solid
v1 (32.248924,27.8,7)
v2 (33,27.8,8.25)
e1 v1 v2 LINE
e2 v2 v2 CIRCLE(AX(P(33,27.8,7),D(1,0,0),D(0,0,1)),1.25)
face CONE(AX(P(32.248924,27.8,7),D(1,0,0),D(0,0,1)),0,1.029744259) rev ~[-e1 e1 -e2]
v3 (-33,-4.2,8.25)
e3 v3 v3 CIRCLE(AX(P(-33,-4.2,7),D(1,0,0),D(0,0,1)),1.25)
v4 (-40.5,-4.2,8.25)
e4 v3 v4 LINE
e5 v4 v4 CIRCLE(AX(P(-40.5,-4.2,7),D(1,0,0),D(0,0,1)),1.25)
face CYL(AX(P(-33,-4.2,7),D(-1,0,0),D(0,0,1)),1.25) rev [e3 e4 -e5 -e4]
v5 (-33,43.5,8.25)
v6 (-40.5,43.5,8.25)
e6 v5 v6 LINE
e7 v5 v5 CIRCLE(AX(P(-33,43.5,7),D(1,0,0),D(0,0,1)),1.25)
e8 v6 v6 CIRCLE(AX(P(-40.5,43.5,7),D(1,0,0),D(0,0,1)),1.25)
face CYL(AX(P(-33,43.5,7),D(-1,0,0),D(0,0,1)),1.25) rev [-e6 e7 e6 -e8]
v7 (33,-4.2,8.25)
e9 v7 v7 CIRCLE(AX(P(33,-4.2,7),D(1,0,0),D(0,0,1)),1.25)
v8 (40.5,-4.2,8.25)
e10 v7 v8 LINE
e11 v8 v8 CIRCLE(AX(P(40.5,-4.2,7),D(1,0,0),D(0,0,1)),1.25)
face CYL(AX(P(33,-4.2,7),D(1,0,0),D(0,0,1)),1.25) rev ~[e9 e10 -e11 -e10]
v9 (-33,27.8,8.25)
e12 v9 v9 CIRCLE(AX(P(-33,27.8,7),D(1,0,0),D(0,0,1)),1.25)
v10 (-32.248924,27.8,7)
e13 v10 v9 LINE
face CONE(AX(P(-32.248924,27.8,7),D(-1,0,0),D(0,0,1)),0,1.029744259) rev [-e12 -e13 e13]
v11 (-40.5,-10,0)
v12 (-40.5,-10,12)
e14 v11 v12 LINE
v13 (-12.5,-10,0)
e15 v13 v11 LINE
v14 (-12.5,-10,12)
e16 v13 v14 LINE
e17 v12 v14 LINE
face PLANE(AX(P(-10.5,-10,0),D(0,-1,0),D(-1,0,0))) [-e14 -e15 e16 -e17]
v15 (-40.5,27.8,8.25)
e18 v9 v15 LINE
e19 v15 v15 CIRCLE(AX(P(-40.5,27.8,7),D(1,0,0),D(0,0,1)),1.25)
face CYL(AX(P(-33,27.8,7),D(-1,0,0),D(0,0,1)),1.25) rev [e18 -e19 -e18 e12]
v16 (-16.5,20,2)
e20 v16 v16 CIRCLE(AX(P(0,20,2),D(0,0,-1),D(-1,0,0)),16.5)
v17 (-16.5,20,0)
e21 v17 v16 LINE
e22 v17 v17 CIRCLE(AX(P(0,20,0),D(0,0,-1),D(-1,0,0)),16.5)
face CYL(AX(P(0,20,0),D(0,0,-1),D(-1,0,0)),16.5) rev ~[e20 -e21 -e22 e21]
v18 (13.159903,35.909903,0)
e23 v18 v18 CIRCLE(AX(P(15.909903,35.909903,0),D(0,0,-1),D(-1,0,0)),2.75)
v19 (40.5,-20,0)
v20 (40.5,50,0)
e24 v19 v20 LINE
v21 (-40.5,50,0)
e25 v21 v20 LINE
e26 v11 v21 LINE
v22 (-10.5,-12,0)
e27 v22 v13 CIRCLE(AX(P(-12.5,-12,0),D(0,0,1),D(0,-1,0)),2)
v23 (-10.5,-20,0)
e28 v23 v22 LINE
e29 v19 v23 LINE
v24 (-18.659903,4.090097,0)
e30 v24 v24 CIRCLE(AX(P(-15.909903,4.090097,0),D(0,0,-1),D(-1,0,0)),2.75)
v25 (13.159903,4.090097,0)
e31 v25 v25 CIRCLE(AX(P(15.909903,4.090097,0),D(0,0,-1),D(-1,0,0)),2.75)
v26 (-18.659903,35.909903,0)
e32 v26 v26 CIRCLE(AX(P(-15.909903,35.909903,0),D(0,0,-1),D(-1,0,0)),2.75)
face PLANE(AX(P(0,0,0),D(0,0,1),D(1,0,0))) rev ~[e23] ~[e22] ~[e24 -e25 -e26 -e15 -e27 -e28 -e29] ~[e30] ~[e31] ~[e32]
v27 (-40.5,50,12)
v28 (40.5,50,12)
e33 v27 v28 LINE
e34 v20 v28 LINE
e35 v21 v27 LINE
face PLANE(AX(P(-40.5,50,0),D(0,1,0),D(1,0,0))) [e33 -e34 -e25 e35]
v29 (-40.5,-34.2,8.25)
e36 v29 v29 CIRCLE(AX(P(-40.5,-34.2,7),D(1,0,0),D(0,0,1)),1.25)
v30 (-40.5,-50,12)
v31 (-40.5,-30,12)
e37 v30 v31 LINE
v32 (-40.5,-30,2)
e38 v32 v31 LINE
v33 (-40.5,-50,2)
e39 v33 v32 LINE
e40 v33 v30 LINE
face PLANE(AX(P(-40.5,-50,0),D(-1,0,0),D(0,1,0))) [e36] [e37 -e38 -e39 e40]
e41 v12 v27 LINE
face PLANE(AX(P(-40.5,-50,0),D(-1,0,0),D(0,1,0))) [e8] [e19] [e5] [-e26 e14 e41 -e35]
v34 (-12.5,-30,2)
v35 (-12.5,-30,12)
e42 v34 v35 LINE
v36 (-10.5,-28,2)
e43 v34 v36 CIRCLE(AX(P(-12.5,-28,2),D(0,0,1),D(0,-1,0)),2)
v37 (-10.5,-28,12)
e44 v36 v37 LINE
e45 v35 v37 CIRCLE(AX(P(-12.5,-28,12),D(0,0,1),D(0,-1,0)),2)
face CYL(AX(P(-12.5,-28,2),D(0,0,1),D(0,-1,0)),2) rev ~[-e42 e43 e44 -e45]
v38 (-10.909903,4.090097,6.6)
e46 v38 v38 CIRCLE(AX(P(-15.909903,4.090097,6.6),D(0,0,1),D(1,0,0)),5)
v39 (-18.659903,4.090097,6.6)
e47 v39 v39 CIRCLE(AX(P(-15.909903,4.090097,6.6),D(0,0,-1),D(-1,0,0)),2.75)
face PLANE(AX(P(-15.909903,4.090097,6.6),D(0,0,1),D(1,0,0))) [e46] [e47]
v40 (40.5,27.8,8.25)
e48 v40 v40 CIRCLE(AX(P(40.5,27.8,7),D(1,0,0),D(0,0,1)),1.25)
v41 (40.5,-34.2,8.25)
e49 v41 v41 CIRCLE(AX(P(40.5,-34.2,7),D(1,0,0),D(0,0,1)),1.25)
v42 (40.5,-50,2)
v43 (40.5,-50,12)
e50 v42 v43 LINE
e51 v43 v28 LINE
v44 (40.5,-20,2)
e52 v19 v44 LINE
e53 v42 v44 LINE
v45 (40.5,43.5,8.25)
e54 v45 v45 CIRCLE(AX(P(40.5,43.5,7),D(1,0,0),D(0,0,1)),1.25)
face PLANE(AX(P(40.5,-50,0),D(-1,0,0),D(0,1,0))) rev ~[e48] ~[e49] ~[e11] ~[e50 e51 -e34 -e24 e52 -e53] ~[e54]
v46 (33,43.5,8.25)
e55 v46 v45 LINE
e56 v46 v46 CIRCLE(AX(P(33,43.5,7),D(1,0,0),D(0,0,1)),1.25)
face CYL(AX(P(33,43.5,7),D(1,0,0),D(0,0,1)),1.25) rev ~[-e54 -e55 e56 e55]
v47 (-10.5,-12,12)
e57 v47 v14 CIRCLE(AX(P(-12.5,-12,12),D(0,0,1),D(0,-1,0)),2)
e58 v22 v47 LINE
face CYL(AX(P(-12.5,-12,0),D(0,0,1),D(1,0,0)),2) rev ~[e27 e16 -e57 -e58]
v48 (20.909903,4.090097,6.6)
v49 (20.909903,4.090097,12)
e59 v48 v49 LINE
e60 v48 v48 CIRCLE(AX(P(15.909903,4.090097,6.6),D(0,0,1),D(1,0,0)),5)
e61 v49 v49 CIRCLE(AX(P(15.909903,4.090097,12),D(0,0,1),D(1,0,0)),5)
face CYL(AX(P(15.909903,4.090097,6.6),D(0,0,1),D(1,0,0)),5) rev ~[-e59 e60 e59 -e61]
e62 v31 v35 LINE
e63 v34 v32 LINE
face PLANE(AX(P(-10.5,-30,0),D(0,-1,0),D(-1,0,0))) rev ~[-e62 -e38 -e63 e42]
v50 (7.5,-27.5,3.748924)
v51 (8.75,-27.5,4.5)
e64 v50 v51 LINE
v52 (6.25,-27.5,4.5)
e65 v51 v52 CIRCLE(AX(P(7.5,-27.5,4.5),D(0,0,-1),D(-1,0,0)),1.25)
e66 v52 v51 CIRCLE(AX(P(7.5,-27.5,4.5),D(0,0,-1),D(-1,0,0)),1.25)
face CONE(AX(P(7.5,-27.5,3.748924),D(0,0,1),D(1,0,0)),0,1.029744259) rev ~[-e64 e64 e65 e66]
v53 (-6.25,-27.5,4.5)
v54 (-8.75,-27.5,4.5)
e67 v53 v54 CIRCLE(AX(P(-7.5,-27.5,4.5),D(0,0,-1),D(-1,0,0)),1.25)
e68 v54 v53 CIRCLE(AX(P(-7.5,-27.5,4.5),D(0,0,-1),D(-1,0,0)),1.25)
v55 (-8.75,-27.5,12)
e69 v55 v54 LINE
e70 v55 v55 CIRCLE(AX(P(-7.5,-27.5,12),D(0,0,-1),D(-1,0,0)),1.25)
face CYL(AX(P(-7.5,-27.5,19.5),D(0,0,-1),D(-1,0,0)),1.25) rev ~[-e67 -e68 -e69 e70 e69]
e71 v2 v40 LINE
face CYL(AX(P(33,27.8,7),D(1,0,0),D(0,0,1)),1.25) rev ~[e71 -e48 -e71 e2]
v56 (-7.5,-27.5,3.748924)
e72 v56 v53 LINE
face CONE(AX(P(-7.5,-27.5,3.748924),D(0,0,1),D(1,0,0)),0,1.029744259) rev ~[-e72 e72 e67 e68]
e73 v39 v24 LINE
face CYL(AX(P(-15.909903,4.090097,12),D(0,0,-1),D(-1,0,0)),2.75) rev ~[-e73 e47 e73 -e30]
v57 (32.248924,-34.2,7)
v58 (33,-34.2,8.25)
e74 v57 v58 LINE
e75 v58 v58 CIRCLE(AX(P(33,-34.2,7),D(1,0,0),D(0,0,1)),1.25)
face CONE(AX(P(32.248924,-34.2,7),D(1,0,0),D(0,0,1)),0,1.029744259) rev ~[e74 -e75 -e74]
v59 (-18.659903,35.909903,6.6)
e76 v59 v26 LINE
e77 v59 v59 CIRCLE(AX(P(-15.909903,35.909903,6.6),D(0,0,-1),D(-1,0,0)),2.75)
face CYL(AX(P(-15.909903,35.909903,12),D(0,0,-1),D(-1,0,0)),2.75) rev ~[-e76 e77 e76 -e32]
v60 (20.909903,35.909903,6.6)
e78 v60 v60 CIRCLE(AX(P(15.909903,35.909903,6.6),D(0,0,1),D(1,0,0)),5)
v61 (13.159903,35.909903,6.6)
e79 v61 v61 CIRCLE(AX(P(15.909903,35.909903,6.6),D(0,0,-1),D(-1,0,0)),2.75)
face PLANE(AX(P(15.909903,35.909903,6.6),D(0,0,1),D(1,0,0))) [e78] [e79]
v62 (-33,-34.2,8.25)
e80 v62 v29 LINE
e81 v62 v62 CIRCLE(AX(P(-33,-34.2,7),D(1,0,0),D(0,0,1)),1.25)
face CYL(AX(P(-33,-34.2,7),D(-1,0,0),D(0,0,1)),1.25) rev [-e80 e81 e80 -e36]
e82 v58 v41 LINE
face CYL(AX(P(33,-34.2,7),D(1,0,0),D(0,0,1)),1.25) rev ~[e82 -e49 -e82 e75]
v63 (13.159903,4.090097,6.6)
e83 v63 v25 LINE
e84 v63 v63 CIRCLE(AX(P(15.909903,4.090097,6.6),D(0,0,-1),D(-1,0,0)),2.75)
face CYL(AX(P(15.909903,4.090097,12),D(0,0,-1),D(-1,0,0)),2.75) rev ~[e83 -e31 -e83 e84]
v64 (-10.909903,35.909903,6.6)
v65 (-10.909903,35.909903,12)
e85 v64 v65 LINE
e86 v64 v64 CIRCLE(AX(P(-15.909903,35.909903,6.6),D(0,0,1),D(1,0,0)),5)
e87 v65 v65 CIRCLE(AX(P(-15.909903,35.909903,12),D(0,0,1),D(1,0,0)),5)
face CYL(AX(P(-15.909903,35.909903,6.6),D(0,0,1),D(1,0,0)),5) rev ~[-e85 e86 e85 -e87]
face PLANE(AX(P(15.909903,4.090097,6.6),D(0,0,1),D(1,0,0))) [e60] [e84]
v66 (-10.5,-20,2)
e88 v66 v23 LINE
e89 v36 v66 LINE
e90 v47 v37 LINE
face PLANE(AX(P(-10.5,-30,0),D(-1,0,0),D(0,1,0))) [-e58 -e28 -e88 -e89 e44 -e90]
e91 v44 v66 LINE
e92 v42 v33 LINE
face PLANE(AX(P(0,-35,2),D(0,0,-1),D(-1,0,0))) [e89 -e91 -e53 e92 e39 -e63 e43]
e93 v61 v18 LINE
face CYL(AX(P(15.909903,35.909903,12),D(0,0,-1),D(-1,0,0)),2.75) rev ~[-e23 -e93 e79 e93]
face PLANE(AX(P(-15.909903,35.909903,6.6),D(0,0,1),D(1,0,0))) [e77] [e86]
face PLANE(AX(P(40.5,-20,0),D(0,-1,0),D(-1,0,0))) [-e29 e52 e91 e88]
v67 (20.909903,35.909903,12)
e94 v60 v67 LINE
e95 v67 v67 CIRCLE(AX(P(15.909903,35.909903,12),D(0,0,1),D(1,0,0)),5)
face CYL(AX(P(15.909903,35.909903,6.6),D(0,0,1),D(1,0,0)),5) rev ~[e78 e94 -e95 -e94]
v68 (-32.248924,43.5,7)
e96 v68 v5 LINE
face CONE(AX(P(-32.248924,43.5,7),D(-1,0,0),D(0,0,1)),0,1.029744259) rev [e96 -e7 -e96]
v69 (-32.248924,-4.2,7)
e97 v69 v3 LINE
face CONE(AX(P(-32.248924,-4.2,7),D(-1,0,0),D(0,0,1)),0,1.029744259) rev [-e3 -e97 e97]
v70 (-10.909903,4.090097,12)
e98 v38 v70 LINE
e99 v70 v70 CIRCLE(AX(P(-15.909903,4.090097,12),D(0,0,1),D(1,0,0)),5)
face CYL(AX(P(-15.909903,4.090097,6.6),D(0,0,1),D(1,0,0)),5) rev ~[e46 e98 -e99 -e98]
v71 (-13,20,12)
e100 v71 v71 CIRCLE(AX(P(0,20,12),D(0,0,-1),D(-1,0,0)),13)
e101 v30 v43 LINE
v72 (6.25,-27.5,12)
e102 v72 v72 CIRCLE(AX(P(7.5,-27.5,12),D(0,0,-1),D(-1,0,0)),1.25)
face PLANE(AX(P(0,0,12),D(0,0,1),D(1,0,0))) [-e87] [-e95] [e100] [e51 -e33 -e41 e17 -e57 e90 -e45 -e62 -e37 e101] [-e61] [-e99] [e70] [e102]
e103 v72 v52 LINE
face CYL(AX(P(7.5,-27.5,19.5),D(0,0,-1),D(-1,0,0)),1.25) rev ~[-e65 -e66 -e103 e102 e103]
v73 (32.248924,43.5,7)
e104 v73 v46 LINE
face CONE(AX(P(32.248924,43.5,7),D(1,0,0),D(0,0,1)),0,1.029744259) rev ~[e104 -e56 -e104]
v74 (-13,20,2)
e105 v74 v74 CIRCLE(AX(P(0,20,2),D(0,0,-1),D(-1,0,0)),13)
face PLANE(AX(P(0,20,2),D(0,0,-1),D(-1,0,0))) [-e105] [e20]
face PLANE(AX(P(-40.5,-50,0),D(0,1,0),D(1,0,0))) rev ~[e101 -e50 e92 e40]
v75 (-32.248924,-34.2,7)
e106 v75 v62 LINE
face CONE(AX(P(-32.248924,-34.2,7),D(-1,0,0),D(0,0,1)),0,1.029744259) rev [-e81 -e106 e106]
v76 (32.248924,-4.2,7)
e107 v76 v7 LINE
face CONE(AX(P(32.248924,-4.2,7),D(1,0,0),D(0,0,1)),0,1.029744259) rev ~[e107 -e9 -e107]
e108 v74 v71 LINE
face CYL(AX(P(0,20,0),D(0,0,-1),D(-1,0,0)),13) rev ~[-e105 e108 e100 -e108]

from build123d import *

# Parameters (mm, degrees)
SKETCH_1_W                   = 81
SKETCH_1_H                   = 100
EXTRUDE_1_DEPTH              = 12
SKETCH_2_R                   = 13
CUT_EXTRUDE_1_DEPTH          = 66.454182448
HOLE_WIZARD_M5_1_D           = 5.5
HOLE_WIZARD_M5_1_CBORE_D     = 10
HOLE_WIZARD_M5_1_CBORE_DEPTH = 5.4
HOLE_WIZARD_M3_1_AT_2_COUNT  = 2
HOLE_WIZARD_M3_1_AT_2_PITCH  = 15.7
HOLE_WIZARD_M3_1_AT_3_COUNT  = 2
HOLE_WIZARD_M3_1_AT_3_PITCH  = 47.7
HOLE_WIZARD_M3_1_AT_4_COUNT  = 2
HOLE_WIZARD_M3_1_AT_4_PITCH  = 77.7
SKETCH_9_R                   = 16.5
CUT_EXTRUDE_2_DEPTH          = 2
SKETCH_10_W                  = 81
SKETCH_10_H                  = 30
CUT_EXTRUDE_3_DEPTH          = 2
SKETCH_11_W                  = 60
SKETCH_11_H                  = 20
CUT_EXTRUDE_4_DEPTH          = 84
FILLET_1_R                   = 2
HOLE_WIZARD_M3_2_D           = 2.5
HOLE_WIZARD_M3_2_DEPTH       = 7.5
HOLE_WIZARD_M3_2_TIP         = 0.751075774


with BuildPart() as part:
    # 草图1 → 凸台-拉伸1 (new body)
    with BuildSketch(Plane.XY):
        Rectangle(SKETCH_1_W, SKETCH_1_H)
    extrude(amount=EXTRUDE_1_DEPTH)

    # 草图2 → 切除-拉伸1 (cut, through all)
    with BuildSketch(Plane(origin=(0, 0, 0), x_dir=(-1, 0, 0), z_dir=(0, 0, -1))):
        with Locations((0, 20)):
            Circle(SKETCH_2_R)
    extrude(amount=-CUT_EXTRUDE_1_DEPTH, mode=Mode.SUBTRACT)

    # M5 六角凹头螺钉的柱形沉头孔1 (through all)
    with Locations(Plane.XY.offset(12)):
        with Locations((-15.909902577, 35.909902577), (15.909902577, 35.909902577), (15.909902577, 4.090097423), (-15.909902577, 4.090097423), (0, 20)):
            CounterBoreHole(HOLE_WIZARD_M5_1_D / 2, HOLE_WIZARD_M5_1_CBORE_D / 2, HOLE_WIZARD_M5_1_CBORE_DEPTH)

    # 草图7 → M3 螺纹孔1 (revolve, cut)
    with BuildSketch(Plane(origin=(-40.5, 43.5, 7), x_dir=(0, 0, 1), z_dir=(0, 1, 0))):
        Polygon((0, 0), (0, 8.251075774), (1.25, 7.5), (1.25, 0), align=None)
    hole_wizard_m3_1 = revolve(axis=Axis((-46.85, 43.5, 7), (1, 0, 0)), mode=Mode.SUBTRACT)

    # M3 螺纹孔1 at 2: M3 螺纹孔1 ×2
    with Locations(*[(0, -i * HOLE_WIZARD_M3_1_AT_2_PITCH, 0) for i in range(1, HOLE_WIZARD_M3_1_AT_2_COUNT)]):
        add(hole_wizard_m3_1, mode=Mode.SUBTRACT)

    # M3 螺纹孔1 at 3: M3 螺纹孔1 ×2
    with Locations(*[(0, -i * HOLE_WIZARD_M3_1_AT_3_PITCH, 0) for i in range(1, HOLE_WIZARD_M3_1_AT_3_COUNT)]):
        add(hole_wizard_m3_1, mode=Mode.SUBTRACT)

    # M3 螺纹孔1 at 4: M3 螺纹孔1 ×2
    with Locations(*[(0, -i * HOLE_WIZARD_M3_1_AT_4_PITCH, 0) for i in range(1, HOLE_WIZARD_M3_1_AT_4_COUNT)]):
        add(hole_wizard_m3_1, mode=Mode.SUBTRACT)

    # 镜向1: M3 螺纹孔1 across plane
    add(hole_wizard_m3_1.mirror(Plane(origin=(0, 0, 0), x_dir=(0, 0, 1), z_dir=(1, 0, 0))), mode=Mode.SUBTRACT)

    # 镜向1 copy 1 sketch → 镜向1 copy 1 (revolve, cut)
    with BuildSketch(Plane(origin=(40.5, 27.8, 7), x_dir=(0, 0, 1), z_dir=(0, 1, 0))):
        Polygon((0, 0), (0, -8.251075774), (1.25, -7.5), (1.25, 0), align=None)
    revolve(axis=Axis((46.85, 27.8, 7), (1, 0, 0)), mode=Mode.SUBTRACT)

    # 镜向1 copy 2 sketch → 镜向1 copy 2 (revolve, cut)
    with BuildSketch(Plane(origin=(40.5, -4.2, 7), x_dir=(0, 0, 1), z_dir=(0, 1, 0))):
        Polygon((0, 0), (0, -8.251075774), (1.25, -7.5), (1.25, 0), align=None)
    revolve(axis=Axis((46.85, -4.2, 7), (1, 0, 0)), mode=Mode.SUBTRACT)

    # 镜向1 copy 3 sketch → 镜向1 copy 3 (revolve, cut)
    with BuildSketch(Plane(origin=(40.5, -34.2, 7), x_dir=(0, 0, 1), z_dir=(0, 1, 0))):
        Polygon((0, 0), (0, -8.251075774), (1.25, -7.5), (1.25, 0), align=None)
    revolve(axis=Axis((46.85, -34.2, 7), (1, 0, 0)), mode=Mode.SUBTRACT)

    # 草图9 → 切除-拉伸2 (cut)
    with BuildSketch(Plane(origin=(0, 0, 0), x_dir=(-1, 0, 0), z_dir=(0, 0, -1))):
        with Locations((0, 20)):
            Circle(SKETCH_9_R)
    extrude(amount=-CUT_EXTRUDE_2_DEPTH, mode=Mode.SUBTRACT)

    # 草图10 → 切除-拉伸3 (cut)
    with BuildSketch(Plane(origin=(0, 0, 0), x_dir=(-1, 0, 0), z_dir=(0, 0, -1))):
        with Locations((0, -35)):
            Rectangle(SKETCH_10_W, SKETCH_10_H)
    extrude(amount=-CUT_EXTRUDE_3_DEPTH, mode=Mode.SUBTRACT)

    # 草图11 → 切除-拉伸4 (cut)
    with BuildSketch(Plane(origin=(0, 0, 0), x_dir=(-1, 0, 0), z_dir=(0, 0, -1))):
        with Locations((40.5, -20)):
            Rectangle(SKETCH_11_W, SKETCH_11_H)
    extrude(amount=-CUT_EXTRUDE_4_DEPTH, mode=Mode.SUBTRACT)

    # 圆角1
    fillet_1_edges = [part.edges().sort_by_distance(p)[0] for p in [
        (-10.5, -10, 6),
        (-10.5, -30, 7),
    ]]
    fillet(fillet_1_edges, radius=FILLET_1_R)

    # M3 螺纹孔2
    with Locations(Plane.XY.offset(12)):
        with Locations((7.5, -27.5), (-7.5, -27.5)):
            Hole(HOLE_WIZARD_M3_2_D / 2, depth=HOLE_WIZARD_M3_2_DEPTH)
            with Locations((0, 0, -(HOLE_WIZARD_M3_2_DEPTH + HOLE_WIZARD_M3_2_TIP / 2))):  # 118° drill point
                Cone(0, HOLE_WIZARD_M3_2_D / 2, HOLE_WIZARD_M3_2_TIP, mode=Mode.SUBTRACT)


solid = part.part
